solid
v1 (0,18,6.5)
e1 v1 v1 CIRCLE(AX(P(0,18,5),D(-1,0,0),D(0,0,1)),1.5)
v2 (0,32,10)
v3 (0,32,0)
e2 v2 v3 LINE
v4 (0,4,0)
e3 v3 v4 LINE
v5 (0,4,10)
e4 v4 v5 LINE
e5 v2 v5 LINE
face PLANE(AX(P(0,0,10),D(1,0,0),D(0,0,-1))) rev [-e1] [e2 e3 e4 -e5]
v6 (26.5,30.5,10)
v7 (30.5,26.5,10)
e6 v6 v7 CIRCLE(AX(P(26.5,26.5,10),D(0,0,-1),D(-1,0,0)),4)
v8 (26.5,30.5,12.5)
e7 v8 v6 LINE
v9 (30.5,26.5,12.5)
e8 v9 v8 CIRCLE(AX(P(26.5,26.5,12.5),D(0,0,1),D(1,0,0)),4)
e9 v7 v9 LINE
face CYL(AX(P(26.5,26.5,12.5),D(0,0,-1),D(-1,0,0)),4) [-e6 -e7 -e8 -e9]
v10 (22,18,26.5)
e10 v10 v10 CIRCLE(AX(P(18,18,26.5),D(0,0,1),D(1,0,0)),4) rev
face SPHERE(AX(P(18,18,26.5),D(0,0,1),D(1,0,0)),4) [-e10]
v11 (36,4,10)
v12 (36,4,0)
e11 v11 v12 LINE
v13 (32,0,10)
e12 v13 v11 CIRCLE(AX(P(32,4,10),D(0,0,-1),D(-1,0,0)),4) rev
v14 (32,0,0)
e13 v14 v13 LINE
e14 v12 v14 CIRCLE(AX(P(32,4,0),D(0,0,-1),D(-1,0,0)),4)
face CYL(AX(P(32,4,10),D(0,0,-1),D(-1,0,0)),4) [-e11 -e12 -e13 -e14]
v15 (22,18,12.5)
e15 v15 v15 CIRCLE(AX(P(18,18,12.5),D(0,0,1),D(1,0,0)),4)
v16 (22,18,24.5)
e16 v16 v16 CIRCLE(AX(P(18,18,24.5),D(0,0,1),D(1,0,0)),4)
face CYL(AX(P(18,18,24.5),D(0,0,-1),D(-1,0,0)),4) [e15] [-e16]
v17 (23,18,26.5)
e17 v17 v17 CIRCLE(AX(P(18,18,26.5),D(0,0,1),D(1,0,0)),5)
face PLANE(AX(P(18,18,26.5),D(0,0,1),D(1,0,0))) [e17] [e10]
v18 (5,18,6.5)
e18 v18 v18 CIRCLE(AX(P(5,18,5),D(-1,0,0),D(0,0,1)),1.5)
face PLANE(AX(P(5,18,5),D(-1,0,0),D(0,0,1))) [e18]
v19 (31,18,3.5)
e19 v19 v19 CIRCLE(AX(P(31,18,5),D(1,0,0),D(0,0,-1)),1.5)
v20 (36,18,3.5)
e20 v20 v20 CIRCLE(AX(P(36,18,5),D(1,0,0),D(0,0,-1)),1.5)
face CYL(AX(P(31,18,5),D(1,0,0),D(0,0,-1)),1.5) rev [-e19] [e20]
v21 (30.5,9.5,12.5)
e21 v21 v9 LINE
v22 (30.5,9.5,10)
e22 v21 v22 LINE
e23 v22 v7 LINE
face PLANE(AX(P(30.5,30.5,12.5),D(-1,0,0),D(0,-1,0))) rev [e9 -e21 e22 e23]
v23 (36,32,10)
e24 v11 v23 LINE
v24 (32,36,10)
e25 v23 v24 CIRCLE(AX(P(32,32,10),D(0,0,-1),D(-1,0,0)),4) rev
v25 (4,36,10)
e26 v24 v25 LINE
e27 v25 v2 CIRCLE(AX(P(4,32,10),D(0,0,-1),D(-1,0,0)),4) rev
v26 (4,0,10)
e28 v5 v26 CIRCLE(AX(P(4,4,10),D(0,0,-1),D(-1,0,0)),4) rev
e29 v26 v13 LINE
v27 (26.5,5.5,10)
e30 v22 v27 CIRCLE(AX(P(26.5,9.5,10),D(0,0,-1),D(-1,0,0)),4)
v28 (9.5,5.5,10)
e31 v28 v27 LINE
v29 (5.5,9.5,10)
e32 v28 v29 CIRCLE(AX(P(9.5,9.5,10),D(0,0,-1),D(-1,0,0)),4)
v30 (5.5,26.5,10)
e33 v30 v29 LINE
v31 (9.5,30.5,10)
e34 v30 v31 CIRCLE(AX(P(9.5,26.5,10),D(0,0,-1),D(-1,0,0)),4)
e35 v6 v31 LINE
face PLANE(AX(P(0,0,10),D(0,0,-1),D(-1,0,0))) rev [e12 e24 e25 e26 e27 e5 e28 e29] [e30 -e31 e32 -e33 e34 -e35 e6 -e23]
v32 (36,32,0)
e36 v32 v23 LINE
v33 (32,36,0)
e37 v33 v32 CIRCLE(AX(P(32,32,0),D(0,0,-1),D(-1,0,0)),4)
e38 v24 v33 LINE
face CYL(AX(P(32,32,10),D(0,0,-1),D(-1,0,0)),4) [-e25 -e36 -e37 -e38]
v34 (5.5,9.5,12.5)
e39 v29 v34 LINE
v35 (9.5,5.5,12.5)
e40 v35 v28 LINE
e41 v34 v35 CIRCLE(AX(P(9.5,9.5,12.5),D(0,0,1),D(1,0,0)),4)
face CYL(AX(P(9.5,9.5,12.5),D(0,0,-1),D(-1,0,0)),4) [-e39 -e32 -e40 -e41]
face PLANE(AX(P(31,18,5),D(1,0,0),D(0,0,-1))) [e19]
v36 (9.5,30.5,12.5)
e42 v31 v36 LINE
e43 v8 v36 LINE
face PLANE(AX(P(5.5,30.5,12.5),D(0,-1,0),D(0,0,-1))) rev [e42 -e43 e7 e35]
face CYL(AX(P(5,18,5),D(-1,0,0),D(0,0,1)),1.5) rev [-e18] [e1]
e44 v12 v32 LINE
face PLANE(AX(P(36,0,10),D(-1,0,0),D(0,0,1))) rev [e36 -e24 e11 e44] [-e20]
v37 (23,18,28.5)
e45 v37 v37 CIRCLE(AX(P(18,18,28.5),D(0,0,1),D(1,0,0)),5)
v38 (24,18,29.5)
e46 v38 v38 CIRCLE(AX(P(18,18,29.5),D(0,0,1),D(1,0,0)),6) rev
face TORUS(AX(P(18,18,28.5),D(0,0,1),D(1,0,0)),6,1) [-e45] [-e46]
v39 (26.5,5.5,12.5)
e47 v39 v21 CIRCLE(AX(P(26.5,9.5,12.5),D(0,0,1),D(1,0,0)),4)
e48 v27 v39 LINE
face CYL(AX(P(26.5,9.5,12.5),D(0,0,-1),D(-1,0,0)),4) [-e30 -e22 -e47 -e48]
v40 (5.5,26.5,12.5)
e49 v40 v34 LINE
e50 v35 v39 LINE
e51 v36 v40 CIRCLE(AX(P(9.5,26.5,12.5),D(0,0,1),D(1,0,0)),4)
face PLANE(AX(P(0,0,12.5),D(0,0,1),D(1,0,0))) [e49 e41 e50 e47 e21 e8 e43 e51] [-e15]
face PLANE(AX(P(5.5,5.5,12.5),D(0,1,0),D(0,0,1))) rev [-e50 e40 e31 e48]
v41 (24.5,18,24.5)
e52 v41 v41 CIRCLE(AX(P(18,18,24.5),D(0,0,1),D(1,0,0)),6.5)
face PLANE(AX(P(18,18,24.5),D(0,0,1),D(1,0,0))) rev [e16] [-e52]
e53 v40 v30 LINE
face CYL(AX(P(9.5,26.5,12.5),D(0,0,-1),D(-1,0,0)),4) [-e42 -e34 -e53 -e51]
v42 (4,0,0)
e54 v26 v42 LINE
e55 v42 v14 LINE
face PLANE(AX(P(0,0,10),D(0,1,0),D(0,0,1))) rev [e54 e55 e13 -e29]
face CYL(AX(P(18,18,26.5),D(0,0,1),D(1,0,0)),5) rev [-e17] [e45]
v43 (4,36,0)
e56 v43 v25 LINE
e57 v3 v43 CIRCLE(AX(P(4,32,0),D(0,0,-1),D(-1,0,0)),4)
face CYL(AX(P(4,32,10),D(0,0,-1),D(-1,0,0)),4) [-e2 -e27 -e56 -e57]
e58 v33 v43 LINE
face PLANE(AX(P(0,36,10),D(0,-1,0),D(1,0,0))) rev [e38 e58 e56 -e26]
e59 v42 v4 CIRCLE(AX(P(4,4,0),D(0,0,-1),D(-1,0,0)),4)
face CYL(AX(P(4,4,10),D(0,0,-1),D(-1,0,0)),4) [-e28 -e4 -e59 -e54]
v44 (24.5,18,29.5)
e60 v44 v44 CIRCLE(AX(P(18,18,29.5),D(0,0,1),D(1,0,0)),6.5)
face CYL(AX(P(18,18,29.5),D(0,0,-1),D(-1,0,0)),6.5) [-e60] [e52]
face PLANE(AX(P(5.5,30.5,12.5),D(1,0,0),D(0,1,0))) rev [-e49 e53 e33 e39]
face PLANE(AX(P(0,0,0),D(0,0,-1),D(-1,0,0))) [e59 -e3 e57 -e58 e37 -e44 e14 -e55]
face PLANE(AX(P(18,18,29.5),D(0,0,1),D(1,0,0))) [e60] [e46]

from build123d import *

# Parameters (mm, degrees)
SKETCH1_W           = 36
SKETCH1_H           = 36
BOSS_EXTRUDE1_DEPTH = 10
SKETCH2_W           = 25
SKETCH2_H           = 25
BOSS_EXTRUDE2_DEPTH = 2.5
SKETCH3_R           = 4
BOSS_EXTRUDE3_DEPTH = 12
SKETCH4_R           = 6.5
BOSS_EXTRUDE4_DEPTH = 5
SKETCH5_R           = 5
CUT_EXTRUDE1_DEPTH  = 3
FILLET1_R           = 4
FILLET2_R           = 4
SKETCH7_R           = 1.5
CUT_EXTRUDE2_DEPTH  = 5
SKETCH8_R           = 1.5
CUT_EXTRUDE3_DEPTH  = 5
FILLET3_R           = 1


with BuildPart() as part:
    # Sketch1 → Boss-Extrude1 (new body)
    with BuildSketch(Plane.XY):
        with Locations((18, 18)):
            Rectangle(SKETCH1_W, SKETCH1_H)
    extrude(amount=BOSS_EXTRUDE1_DEPTH)

    # Sketch2 → Boss-Extrude2 (add)
    with BuildSketch(Plane.XY.offset(10)):
        with Locations((18, 18)):
            Rectangle(SKETCH2_W, SKETCH2_H)
    extrude(amount=BOSS_EXTRUDE2_DEPTH)

    # Sketch3 → Boss-Extrude3 (add)
    with BuildSketch(Plane.XY.offset(12.5)):
        with Locations((18, 18)):
            Circle(SKETCH3_R)
    extrude(amount=BOSS_EXTRUDE3_DEPTH)

    # Sketch4 → Boss-Extrude4 (add)
    with BuildSketch(Plane.XY.offset(24.5)):
        with Locations((18, 18)):
            Circle(SKETCH4_R)
    extrude(amount=BOSS_EXTRUDE4_DEPTH)

    # Sketch5 → Cut-Extrude1 (cut)
    with BuildSketch(Plane.XY.offset(29.5)):
        with Locations((18, 18)):
            Circle(SKETCH5_R)
    extrude(amount=-CUT_EXTRUDE1_DEPTH, mode=Mode.SUBTRACT)

    # Sketch6 → Revolve4 (revolve)
    with BuildSketch(Plane.XY.offset(26.5)):
        with BuildLine():
            Line((18, 22), (18, 14))
            ThreePointArc((18, 14), (22, 18), (18, 22))
        make_face()
    revolve(axis=Axis((18, 22, 26.5), (0, -1, 0)))

    # Fillet1
    fillet1_edges = [part.edges().sort_by_distance(p)[0] for p in [
        (30.5, 5.5, 11.25),
        (30.5, 30.5, 11.25),
        (5.5, 30.5, 11.25),
        (5.5, 5.5, 11.25),
    ]]
    fillet(fillet1_edges, radius=FILLET1_R)

    # Fillet2
    fillet2_edges = [part.edges().sort_by_distance(p)[0] for p in [
        (0, 36, 5),
        (36, 36, 5),
        (36, 0, 5),
        (0, 0, 5),
    ]]
    fillet(fillet2_edges, radius=FILLET2_R)

    # Sketch7 → Cut-Extrude2 (cut)
    with BuildSketch(Plane(origin=(36, 0, 0), x_dir=(0, 0, -1), z_dir=(1, 0, 0))):
        with Locations((-5, 18)):
            Circle(SKETCH7_R)
    extrude(amount=-CUT_EXTRUDE2_DEPTH, mode=Mode.SUBTRACT)

    # Sketch8 → Cut-Extrude3 (cut)
    with BuildSketch(Plane.ZY):
        with Locations((5, 18)):
            Circle(SKETCH8_R)
    extrude(amount=-CUT_EXTRUDE3_DEPTH, mode=Mode.SUBTRACT)

    # Fillet3
    fillet3_edges = [part.edges().sort_by_distance(p)[0] for p in [
        (13, 18, 29.5),
    ]]
    fillet(fillet3_edges, radius=FILLET3_R)


solid = part.part
